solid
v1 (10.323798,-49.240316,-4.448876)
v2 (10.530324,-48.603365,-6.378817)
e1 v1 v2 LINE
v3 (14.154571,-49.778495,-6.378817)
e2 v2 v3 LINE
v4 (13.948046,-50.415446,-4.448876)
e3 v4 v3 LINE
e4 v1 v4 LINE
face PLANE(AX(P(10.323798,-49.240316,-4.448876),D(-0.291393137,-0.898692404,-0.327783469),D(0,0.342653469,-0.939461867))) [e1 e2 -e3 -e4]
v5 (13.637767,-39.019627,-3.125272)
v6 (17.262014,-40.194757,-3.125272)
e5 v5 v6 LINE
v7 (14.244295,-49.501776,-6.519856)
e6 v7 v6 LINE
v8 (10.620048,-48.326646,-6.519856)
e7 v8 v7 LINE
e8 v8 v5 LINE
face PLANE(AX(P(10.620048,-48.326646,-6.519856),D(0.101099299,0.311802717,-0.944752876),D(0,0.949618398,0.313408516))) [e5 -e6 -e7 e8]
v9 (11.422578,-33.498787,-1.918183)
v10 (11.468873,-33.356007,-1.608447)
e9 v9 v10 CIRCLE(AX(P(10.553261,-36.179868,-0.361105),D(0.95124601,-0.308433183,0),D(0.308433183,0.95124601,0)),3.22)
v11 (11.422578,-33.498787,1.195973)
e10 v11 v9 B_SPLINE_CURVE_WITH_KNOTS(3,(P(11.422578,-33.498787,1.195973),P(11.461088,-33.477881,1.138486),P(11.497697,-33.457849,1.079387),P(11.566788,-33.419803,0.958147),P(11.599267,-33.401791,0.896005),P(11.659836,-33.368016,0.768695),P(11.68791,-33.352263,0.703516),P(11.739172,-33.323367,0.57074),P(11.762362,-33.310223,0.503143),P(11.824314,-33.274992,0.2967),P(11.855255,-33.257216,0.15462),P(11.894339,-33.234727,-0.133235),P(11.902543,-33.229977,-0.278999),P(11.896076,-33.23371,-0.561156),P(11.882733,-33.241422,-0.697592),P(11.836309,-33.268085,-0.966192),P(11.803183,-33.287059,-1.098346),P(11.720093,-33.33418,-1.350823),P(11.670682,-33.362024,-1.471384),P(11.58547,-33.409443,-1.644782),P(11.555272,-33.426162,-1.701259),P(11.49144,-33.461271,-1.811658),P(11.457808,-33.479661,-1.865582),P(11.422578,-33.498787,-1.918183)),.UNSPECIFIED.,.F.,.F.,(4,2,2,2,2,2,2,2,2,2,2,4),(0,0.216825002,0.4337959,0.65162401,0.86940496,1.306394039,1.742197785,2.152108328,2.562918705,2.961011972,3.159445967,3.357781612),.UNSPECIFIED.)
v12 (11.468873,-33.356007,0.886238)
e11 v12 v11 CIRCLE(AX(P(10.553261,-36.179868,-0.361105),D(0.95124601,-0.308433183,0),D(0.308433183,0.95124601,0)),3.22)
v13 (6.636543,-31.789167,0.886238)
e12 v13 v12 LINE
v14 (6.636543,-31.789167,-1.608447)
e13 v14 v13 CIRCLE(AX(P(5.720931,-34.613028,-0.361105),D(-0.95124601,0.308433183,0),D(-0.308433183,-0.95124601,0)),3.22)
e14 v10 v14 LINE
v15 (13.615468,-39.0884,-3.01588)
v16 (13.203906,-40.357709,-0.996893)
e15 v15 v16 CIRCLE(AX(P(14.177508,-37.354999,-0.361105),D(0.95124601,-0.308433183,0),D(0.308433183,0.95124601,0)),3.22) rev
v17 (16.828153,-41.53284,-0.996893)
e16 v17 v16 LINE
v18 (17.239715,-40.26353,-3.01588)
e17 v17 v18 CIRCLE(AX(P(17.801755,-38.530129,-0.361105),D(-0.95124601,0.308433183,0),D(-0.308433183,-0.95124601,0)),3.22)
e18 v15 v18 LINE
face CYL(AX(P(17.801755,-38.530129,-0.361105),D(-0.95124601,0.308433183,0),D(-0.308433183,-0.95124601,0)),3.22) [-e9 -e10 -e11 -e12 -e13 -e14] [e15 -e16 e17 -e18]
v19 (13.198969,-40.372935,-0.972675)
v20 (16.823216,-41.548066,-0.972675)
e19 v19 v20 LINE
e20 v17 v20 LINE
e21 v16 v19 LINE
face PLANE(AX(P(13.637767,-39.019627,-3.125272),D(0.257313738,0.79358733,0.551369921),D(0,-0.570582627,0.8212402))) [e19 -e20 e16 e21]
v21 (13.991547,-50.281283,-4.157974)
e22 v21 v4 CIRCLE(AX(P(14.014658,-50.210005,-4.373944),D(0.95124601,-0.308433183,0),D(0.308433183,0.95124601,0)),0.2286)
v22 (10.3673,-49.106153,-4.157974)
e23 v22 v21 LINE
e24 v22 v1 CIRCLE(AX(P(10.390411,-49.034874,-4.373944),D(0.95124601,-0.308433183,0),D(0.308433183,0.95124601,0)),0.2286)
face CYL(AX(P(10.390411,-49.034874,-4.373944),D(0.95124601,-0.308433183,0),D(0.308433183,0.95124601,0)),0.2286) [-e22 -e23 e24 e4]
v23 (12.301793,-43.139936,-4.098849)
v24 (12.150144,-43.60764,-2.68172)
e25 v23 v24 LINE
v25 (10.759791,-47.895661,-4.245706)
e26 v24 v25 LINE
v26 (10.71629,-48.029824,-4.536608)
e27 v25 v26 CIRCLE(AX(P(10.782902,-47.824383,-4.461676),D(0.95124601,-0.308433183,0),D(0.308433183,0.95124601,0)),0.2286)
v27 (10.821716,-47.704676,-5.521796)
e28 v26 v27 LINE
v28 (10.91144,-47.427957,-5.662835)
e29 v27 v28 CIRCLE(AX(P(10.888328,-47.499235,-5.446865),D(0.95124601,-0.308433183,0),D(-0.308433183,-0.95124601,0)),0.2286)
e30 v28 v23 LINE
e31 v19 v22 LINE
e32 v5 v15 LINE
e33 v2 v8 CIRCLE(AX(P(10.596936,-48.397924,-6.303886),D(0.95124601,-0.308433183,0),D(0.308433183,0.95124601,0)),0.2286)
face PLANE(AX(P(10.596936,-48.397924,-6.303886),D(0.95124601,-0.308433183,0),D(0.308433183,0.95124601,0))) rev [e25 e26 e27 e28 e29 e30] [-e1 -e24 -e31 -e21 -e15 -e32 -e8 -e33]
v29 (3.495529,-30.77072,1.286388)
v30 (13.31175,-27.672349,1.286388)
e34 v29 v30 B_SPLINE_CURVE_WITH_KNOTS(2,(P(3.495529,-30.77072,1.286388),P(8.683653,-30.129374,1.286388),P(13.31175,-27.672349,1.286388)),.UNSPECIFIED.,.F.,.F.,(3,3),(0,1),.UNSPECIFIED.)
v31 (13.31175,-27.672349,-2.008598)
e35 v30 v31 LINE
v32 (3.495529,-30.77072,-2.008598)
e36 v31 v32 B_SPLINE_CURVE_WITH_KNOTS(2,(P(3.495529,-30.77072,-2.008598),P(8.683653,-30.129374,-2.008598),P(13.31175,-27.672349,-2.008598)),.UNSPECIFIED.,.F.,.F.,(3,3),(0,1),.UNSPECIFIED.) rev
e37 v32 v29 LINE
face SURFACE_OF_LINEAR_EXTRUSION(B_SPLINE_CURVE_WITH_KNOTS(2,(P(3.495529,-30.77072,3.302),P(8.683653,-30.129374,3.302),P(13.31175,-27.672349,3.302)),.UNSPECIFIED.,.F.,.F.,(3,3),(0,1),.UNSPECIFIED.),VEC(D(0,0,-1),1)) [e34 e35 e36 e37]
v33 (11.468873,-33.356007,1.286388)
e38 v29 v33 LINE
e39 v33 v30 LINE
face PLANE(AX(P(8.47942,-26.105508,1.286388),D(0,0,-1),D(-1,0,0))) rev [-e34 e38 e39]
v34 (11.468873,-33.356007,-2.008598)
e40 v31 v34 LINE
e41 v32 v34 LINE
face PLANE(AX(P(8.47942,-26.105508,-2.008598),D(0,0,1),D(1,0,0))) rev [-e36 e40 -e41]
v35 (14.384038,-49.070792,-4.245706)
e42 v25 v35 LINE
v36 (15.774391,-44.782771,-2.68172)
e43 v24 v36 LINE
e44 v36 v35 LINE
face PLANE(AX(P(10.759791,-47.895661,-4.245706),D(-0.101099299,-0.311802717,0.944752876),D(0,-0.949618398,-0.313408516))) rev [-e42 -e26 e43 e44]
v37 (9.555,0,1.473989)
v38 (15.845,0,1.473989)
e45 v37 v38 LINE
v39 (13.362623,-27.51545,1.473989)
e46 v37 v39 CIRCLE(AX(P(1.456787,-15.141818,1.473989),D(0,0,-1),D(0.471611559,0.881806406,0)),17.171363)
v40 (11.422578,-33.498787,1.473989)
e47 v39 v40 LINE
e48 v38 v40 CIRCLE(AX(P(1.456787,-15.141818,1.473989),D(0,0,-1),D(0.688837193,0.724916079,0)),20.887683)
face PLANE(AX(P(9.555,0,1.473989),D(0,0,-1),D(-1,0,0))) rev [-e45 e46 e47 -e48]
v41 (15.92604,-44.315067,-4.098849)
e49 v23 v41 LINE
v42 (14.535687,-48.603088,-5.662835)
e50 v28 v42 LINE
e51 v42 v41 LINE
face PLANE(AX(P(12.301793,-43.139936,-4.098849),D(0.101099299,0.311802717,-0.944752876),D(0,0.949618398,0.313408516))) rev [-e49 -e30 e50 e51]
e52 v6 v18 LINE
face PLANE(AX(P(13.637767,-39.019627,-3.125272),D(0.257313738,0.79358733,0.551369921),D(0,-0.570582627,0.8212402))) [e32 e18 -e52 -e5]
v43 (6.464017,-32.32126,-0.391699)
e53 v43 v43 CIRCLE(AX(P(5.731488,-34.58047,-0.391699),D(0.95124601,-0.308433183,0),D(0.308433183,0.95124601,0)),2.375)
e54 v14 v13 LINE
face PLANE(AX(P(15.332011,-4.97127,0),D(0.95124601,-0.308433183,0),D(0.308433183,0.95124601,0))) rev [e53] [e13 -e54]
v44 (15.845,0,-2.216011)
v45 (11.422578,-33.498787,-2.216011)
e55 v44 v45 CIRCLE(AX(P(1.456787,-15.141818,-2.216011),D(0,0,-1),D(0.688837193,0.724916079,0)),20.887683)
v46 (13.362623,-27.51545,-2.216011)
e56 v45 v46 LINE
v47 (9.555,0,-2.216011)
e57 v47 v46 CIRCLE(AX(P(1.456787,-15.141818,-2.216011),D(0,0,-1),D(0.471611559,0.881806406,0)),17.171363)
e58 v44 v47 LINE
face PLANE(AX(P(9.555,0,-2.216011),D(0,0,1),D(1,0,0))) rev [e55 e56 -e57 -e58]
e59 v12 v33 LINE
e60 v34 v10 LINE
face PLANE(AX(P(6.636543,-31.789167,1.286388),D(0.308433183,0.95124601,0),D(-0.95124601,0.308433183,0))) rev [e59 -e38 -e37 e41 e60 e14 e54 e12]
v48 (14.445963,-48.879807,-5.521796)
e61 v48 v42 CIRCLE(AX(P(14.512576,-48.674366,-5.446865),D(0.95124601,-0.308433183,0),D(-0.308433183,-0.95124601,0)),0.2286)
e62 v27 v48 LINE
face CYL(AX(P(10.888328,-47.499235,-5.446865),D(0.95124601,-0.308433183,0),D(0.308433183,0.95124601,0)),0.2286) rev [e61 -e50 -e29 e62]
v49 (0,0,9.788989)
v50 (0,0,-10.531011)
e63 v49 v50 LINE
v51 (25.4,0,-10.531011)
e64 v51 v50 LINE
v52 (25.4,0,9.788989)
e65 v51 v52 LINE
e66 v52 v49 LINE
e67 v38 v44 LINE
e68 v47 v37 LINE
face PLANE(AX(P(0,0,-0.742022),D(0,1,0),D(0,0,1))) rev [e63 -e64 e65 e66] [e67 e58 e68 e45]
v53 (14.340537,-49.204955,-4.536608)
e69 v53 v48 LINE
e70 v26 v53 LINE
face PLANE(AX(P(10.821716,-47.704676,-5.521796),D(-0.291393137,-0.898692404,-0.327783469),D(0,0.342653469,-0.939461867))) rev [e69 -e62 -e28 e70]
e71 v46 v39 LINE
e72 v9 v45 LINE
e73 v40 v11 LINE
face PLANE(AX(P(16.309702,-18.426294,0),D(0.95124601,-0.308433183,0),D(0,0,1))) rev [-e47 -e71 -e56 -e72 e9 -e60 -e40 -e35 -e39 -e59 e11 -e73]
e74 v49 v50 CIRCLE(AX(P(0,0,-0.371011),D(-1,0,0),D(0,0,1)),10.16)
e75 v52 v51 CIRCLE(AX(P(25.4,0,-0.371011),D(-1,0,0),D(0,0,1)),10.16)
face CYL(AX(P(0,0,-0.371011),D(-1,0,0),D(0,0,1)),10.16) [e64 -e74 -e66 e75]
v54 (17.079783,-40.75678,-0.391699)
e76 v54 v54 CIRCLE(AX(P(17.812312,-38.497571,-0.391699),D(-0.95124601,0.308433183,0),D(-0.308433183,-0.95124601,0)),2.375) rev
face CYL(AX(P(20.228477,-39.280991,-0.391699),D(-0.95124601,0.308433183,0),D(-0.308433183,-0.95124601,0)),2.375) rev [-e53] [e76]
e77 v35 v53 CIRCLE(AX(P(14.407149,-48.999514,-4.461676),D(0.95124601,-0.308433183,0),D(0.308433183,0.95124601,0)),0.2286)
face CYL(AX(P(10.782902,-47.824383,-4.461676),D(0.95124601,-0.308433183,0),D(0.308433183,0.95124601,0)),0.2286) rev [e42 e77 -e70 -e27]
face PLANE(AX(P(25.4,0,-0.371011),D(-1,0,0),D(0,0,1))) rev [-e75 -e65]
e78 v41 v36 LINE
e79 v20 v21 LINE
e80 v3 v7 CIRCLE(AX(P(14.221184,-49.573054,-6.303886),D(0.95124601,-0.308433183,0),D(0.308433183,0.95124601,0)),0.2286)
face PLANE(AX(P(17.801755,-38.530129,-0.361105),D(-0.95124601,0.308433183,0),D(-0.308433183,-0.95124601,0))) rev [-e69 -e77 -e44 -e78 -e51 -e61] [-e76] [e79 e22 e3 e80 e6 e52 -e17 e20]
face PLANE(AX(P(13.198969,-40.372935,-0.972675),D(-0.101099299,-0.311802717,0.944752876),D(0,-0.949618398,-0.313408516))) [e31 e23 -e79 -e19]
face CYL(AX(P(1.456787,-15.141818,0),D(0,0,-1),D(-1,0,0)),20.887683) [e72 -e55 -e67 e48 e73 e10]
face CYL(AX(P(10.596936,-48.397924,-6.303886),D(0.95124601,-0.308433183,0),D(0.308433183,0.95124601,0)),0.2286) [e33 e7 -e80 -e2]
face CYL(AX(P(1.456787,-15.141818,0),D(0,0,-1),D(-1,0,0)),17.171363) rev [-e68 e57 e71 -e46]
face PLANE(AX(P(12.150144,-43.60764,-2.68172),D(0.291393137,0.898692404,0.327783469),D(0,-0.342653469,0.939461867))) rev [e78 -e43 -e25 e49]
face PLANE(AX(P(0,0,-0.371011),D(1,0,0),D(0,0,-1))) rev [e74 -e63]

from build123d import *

# Parameters (mm, degrees)
SKETCH1_W               = 25.4
SKETCH1_H               = 10.16
REVOLVE1_ANGLE          = 180
SKETCH4_W               = 6.29000012
SKETCH4_H               = 3.69
SKETCH6_W               = 3.294985449
SKETCH6_H               = 5.974962046
BOSS_EXTRUDE1_DEPTH     = 5.08
SKETCH7_R               = 3.22
BOSS_EXTRUDE7_DEPTH     = 12.7
SKETCH9_W               = 3.294985449
SKETCH9_H               = 5.974962046
BOSS_EXTRUDE8_DEPTH     = 3.302
CUT_EXTRUDE1_DEPTH      = 3.302
CUT_EXTRUDE1_DEPTH_BACK = 3.302
SKETCH11_R              = 2.375
CUT_EXTRUDE2_DEPTH      = 2.54
CUT_EXTRUDE2_DEPTH_BACK = 12.446
BOSS_EXTRUDE14_DEPTH    = 3.81
SKETCH15_R              = 2.375
CUT_EXTRUDE3_DEPTH      = 22.352


with BuildPart() as part:
    # Sketch1 → Revolve1 (revolve)
    with BuildSketch(Plane(origin=(0, 0, 0), x_dir=(1, 0, 0), z_dir=(0, 1, 0))):
        with Locations((12.7, 5.451011236)):
            Rectangle(SKETCH1_W, SKETCH1_H)
    revolve(axis=Axis((0, 0, -0.371011236), (1, 0, 0)), revolution_arc=REVOLVE1_ANGLE)

    # Sweep1: sweep along a path in Sketch5
    with BuildLine(Plane.XY) as sweep1_path:
        ThreePointArc((12.7, 0), (20.315428689, -15.331843414), (12.392600359, -30.5071183))
    # Sketch4 → Sweep1 (sweep)
    with BuildSketch(Plane(origin=(0, 0, 0), x_dir=(1, 0, 0), z_dir=(0, 1, 0))):
        with Locations((12.7, 0.371011236)):
            Rectangle(SKETCH4_W, SKETCH4_H)
    sweep(path=sweep1_path.line)

    # Sketch6 → Boss-Extrude1 (add)
    with BuildSketch(Plane(origin=(20.164340987, -6.538110874, 0), x_dir=(0, 0, 1), z_dir=(-0.95124601, 0.308433183, 0))):
        with Locations((-0.361104817, -25.204906835)):
            Rectangle(SKETCH6_W, SKETCH6_H)
    extrude(amount=BOSS_EXTRUDE1_DEPTH)

    # Sketch7 → Boss-Extrude7 (add)
    with BuildSketch(Plane(origin=(15.332011256, -4.971270302, 0), x_dir=(0, 0, 1), z_dir=(-0.95124601, 0.308433183, 0))):
        with Locations((-0.361104816, -31.160979548)):
            Circle(SKETCH7_R)
    extrude(amount=-BOSS_EXTRUDE7_DEPTH)

    # Sketch9 → Boss-Extrude8 (add)
    with BuildSketch(Plane(origin=(15.332011256, -4.971270302, 0), x_dir=(0, 0, 1), z_dir=(-0.95124601, 0.308433183, 0))):
        with Locations((-0.361104817, -25.204906835)):
            Rectangle(SKETCH9_W, SKETCH9_H)
    extrude(amount=BOSS_EXTRUDE8_DEPTH)

    # Sketch10 → Cut-Extrude1 (cut, two sides)
    with BuildSketch(Plane.XY) as cut_extrude1_sk:
        with BuildLine():
            Line((3.495528998, -30.770720391), (5.338405562, -25.087061585))
            Line((5.338405562, -25.087061585), (13.311749617, -27.672348528))
            add(Edge.make_bspline(
                [(13.311749617, -27.672348528), (8.683653097, -30.129373505), (3.495528998, -30.770720391)],
                knots=[0, 0, 0, 1, 1, 1], degree=2))
        make_face()
    extrude(amount=CUT_EXTRUDE1_DEPTH, mode=Mode.SUBTRACT)
    extrude(cut_extrude1_sk.sketch, amount=-CUT_EXTRUDE1_DEPTH_BACK, mode=Mode.SUBTRACT)

    # Sketch11 → Cut-Extrude2 (cut, two sides)
    with BuildSketch(Plane(origin=(27.412835582, -8.888371731, 0), x_dir=(0, 0, -1), z_dir=(0.95124601, -0.308433183, 0))) as cut_extrude2_sk:
        with Locations((0.39169909, -31.12675273)):
            Circle(SKETCH11_R)
    extrude(amount=CUT_EXTRUDE2_DEPTH, mode=Mode.SUBTRACT)
    extrude(cut_extrude2_sk.sketch, amount=-CUT_EXTRUDE2_DEPTH_BACK, mode=Mode.SUBTRACT)

    # Sketch13 → Boss-Extrude14 (add)
    with BuildSketch(Plane(origin=(27.412835582, -8.888371731, 0), x_dir=(0, 0, -1), z_dir=(0.95124601, -0.308433183, 0))):
        with BuildLine():
            Line((6.519856112, -42.694953789), (3.125271975, -32.910924296))
            Line((3.125271975, -32.910924296), (0.972674671, -34.333593678))
            Line((0.972674671, -34.333593678), (4.157973921, -43.514412461))
            ThreePointArc((4.157973921, -43.514412461), (4.274214649, -43.645179802), (4.448875729, -43.655451668))
            Line((4.448875729, -43.655451668), (6.378816905, -42.985855597))
            ThreePointArc((6.378816905, -42.985855597), (6.509584246, -42.869614869), (6.519856112, -42.694953789))
        make_face()
        with BuildLine():
            Line((4.098849122, -37.242411221), (5.662835166, -41.750205096))
            ThreePointArc((5.662835166, -41.750205096), (5.6525633, -41.924866176), (5.521795959, -42.041106905))
            Line((5.521795959, -42.041106905), (4.53660766, -42.382919506))
            ThreePointArc((4.53660766, -42.382919506), (4.361946579, -42.37264764), (4.245705851, -42.241880299))
            Line((4.245705851, -42.241880299), (2.681719808, -37.734086425))
            Line((2.681719808, -37.734086425), (4.098849122, -37.242411221))
        make_face(mode=Mode.SUBTRACT)
    extrude(amount=-BOSS_EXTRUDE14_DEPTH)

    # Sketch15 → Cut-Extrude3 (cut)
    with BuildSketch(Plane(origin=(27.412835582, -8.888371731, 0), x_dir=(0, 0, -1), z_dir=(0.95124601, -0.308433183, 0))):
        with Locations((0.39169909, -31.12675273)):
            Circle(SKETCH15_R)
    extrude(amount=-CUT_EXTRUDE3_DEPTH, mode=Mode.SUBTRACT)


solid = part.part
